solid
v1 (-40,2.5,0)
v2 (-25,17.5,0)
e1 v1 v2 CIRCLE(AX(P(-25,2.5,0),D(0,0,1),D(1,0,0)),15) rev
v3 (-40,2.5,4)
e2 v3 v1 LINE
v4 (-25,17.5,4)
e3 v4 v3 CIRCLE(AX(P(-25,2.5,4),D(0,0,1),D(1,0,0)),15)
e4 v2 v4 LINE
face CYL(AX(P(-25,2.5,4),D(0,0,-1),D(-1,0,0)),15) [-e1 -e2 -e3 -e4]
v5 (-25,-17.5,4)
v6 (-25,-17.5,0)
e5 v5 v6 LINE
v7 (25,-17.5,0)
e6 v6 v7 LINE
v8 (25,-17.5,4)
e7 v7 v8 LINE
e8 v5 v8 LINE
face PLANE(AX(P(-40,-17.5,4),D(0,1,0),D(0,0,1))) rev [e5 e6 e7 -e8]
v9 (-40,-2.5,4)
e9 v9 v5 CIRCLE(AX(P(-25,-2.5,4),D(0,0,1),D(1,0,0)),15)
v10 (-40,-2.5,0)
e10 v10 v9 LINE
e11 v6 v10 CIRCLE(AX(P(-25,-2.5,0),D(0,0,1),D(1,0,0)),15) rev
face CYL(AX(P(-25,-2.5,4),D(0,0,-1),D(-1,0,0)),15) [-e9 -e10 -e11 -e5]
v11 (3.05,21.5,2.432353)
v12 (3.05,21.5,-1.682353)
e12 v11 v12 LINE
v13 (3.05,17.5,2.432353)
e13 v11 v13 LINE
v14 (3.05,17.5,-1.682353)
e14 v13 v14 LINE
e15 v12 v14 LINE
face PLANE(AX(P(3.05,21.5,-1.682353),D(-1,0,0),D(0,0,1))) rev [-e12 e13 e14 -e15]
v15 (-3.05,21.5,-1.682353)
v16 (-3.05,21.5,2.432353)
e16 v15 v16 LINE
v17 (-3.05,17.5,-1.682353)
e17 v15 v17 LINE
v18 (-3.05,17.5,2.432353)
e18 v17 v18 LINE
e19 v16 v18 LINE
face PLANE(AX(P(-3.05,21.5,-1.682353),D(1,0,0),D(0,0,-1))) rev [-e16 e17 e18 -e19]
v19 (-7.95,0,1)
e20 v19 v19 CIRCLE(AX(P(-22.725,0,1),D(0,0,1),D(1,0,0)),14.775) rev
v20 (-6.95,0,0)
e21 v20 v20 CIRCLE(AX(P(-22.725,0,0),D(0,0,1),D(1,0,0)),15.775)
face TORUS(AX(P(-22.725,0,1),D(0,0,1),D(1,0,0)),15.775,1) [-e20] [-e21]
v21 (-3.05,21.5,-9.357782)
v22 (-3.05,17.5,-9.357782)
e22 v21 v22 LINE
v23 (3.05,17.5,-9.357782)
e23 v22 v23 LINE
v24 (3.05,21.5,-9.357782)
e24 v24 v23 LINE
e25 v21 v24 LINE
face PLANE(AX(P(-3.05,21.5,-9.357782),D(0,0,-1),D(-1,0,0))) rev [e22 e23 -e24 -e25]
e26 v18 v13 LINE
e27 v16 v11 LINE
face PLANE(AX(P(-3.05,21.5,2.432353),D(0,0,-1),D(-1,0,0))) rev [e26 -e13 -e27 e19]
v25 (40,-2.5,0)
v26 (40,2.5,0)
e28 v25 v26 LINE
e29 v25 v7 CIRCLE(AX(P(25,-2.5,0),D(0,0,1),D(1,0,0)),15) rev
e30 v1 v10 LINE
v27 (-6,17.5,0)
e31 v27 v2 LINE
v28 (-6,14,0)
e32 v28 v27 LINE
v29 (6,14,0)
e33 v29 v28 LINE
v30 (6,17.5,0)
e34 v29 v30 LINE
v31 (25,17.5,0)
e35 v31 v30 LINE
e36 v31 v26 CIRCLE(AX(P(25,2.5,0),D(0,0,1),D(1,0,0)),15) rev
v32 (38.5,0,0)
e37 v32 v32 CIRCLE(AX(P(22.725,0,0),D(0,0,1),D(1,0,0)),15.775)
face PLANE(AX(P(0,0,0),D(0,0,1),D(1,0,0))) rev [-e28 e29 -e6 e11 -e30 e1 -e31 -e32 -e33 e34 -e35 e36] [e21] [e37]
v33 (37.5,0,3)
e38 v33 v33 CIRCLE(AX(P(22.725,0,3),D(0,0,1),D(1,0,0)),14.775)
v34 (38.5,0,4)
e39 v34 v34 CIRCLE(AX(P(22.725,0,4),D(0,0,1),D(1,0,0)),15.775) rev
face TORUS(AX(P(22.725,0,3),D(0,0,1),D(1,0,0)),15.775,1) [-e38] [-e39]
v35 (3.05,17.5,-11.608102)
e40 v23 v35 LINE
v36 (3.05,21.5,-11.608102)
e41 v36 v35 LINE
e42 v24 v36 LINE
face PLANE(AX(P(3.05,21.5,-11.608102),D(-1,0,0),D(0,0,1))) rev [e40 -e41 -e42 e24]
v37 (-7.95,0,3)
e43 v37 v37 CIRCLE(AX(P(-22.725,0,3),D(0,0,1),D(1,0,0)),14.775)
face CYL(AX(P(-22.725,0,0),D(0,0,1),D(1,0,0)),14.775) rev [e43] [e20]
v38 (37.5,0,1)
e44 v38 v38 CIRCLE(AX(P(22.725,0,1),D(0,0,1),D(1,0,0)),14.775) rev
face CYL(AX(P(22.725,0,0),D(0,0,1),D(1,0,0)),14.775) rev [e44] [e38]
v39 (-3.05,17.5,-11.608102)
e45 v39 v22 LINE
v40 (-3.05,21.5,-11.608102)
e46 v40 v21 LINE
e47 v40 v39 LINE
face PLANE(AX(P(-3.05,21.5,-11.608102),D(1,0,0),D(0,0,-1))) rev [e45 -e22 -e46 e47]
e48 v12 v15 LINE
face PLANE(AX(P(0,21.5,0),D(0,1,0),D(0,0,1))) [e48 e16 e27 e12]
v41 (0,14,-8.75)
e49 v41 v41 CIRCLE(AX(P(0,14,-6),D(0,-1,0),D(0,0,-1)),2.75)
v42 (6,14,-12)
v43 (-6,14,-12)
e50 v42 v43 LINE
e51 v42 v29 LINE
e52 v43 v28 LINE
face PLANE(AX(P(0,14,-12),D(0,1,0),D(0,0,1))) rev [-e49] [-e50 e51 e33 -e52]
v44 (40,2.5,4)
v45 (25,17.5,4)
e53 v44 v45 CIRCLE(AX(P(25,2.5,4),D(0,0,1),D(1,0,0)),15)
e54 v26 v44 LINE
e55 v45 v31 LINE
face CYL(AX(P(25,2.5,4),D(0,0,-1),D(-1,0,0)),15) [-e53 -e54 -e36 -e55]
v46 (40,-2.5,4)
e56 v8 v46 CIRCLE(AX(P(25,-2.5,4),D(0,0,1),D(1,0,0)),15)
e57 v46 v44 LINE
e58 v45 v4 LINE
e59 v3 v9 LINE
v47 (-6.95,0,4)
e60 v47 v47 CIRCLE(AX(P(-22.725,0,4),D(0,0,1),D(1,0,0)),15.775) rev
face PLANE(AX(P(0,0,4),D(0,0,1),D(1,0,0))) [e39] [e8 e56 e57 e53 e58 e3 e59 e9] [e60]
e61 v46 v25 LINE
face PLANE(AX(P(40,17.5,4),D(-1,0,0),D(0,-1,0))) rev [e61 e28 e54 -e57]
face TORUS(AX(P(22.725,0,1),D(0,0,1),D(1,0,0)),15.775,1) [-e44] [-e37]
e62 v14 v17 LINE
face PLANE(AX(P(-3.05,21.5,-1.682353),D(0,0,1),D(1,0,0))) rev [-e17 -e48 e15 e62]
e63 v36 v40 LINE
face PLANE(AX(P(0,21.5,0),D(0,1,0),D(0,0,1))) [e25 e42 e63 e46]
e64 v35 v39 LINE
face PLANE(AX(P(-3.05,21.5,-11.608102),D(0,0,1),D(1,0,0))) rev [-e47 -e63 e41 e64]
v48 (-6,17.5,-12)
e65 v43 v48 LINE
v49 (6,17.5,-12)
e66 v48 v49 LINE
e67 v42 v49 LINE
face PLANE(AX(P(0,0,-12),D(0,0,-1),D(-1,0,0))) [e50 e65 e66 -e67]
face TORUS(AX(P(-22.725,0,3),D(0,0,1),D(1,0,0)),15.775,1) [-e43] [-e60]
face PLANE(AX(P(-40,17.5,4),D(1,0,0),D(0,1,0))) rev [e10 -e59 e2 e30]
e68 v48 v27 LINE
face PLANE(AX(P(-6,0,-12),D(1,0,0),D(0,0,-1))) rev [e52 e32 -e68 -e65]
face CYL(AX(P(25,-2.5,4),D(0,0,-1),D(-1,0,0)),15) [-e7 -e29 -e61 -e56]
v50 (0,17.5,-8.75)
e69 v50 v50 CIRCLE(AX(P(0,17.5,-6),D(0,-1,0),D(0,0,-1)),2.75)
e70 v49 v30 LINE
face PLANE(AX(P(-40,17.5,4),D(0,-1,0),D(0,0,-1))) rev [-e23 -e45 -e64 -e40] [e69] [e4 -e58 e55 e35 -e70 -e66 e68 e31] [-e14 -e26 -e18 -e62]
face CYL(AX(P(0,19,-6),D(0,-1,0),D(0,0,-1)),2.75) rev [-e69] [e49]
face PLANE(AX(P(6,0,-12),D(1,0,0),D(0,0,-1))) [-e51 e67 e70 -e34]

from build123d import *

# Parameters (mm, degrees)
SKETCH1_W            = 80
SKETCH1_H            = 35
BOSS_EXTRUDE1_DEPTH  = 4
SKETCH2_R            = 14.775
CUT_EXTRUDE1_DEPTH   = 4
FILLET2_R            = 15
SKETCH3_W            = 12
SKETCH3_H            = 3.5
BOSS_EXTRUDE2_DEPTH  = 12
SKETCH4_R            = 2.75
CUT_EXTRUDE2_DEPTH   = 5
FILLET4_R            = 1
FILLET4_OF_MIRROR4_R = 1
FILLET5_R            = 15
SKETCH6_W            = 6.1
SKETCH6_H            = 2.250320618
SKETCH6_H_2          = 4.114705986
BOSS_EXTRUDE3_DEPTH  = 4


with BuildPart() as part:
    # Sketch1 → Boss-Extrude1 (new body)
    with BuildSketch(Plane.XY):
        Rectangle(SKETCH1_W, SKETCH1_H)
    extrude(amount=BOSS_EXTRUDE1_DEPTH)

    # Sketch2 → Cut-Extrude1 (cut)
    with BuildSketch(Plane.XY.offset(4)):
        with Locations((22.725, 0)):
            Circle(SKETCH2_R)
    cut_extrude1 = extrude(amount=-CUT_EXTRUDE1_DEPTH, mode=Mode.SUBTRACT)

    # Fillet2
    fillet2_edges = [part.edges().sort_by_distance(p)[0] for p in [
        (40, -17.5, 2),
        (-40, -17.5, 2),
    ]]
    fillet(fillet2_edges, radius=FILLET2_R)

    # Sketch3 → Boss-Extrude2 (add)
    with BuildSketch(Plane(origin=(0, 0, 0), x_dir=(-1, 0, 0), z_dir=(0, 0, -1))):
        with Locations((0, 15.75)):
            Rectangle(SKETCH3_W, SKETCH3_H)
    extrude(amount=BOSS_EXTRUDE2_DEPTH)

    # Sketch4 → Cut-Extrude2 (cut)
    with BuildSketch(Plane.XZ.offset(-14)):
        with Locations(Location((0, -6, 0), (0, 0, 270))):
            Circle(SKETCH4_R)
    extrude(amount=-CUT_EXTRUDE2_DEPTH, mode=Mode.SUBTRACT)

    # Fillet4
    fillet4_edges = [part.edges().sort_by_distance(p)[0] for p in [
        (7.95, 0, 0),
        (7.95, 0, 4),
    ]]
    fillet(fillet4_edges, radius=FILLET4_R)

    # Mirror4: Cut-Extrude1 across plane
    add(cut_extrude1.mirror(Plane(origin=(0, 0, 0), x_dir=(0, 0, 1), z_dir=(1, 0, 0))), mode=Mode.SUBTRACT)

    # Fillet4 of Mirror4
    fillet4_of_mirror4_edges = [part.edges().sort_by_distance(p)[0] for p in [
        (-7.95, 0, 0),
        (-7.95, 0, 4),
    ]]
    fillet(fillet4_of_mirror4_edges, radius=FILLET4_OF_MIRROR4_R)

    # Fillet5
    fillet5_edges = [part.edges().sort_by_distance(p)[0] for p in [
        (-40, 17.5, 2),
        (40, 17.5, 2),
    ]]
    fillet(fillet5_edges, radius=FILLET5_R)

    # Sketch6 → Boss-Extrude3 (add)
    with BuildSketch(Plane(origin=(0, 17.5, 0), x_dir=(1, 0, 0), z_dir=(0, 1, 0))):
        with Locations((0, 10.482941872)):
            Rectangle(SKETCH6_W, SKETCH6_H)
        with Locations((0, -0.375)):
            Rectangle(SKETCH6_W, SKETCH6_H_2)
    extrude(amount=BOSS_EXTRUDE3_DEPTH)


solid = part.part
